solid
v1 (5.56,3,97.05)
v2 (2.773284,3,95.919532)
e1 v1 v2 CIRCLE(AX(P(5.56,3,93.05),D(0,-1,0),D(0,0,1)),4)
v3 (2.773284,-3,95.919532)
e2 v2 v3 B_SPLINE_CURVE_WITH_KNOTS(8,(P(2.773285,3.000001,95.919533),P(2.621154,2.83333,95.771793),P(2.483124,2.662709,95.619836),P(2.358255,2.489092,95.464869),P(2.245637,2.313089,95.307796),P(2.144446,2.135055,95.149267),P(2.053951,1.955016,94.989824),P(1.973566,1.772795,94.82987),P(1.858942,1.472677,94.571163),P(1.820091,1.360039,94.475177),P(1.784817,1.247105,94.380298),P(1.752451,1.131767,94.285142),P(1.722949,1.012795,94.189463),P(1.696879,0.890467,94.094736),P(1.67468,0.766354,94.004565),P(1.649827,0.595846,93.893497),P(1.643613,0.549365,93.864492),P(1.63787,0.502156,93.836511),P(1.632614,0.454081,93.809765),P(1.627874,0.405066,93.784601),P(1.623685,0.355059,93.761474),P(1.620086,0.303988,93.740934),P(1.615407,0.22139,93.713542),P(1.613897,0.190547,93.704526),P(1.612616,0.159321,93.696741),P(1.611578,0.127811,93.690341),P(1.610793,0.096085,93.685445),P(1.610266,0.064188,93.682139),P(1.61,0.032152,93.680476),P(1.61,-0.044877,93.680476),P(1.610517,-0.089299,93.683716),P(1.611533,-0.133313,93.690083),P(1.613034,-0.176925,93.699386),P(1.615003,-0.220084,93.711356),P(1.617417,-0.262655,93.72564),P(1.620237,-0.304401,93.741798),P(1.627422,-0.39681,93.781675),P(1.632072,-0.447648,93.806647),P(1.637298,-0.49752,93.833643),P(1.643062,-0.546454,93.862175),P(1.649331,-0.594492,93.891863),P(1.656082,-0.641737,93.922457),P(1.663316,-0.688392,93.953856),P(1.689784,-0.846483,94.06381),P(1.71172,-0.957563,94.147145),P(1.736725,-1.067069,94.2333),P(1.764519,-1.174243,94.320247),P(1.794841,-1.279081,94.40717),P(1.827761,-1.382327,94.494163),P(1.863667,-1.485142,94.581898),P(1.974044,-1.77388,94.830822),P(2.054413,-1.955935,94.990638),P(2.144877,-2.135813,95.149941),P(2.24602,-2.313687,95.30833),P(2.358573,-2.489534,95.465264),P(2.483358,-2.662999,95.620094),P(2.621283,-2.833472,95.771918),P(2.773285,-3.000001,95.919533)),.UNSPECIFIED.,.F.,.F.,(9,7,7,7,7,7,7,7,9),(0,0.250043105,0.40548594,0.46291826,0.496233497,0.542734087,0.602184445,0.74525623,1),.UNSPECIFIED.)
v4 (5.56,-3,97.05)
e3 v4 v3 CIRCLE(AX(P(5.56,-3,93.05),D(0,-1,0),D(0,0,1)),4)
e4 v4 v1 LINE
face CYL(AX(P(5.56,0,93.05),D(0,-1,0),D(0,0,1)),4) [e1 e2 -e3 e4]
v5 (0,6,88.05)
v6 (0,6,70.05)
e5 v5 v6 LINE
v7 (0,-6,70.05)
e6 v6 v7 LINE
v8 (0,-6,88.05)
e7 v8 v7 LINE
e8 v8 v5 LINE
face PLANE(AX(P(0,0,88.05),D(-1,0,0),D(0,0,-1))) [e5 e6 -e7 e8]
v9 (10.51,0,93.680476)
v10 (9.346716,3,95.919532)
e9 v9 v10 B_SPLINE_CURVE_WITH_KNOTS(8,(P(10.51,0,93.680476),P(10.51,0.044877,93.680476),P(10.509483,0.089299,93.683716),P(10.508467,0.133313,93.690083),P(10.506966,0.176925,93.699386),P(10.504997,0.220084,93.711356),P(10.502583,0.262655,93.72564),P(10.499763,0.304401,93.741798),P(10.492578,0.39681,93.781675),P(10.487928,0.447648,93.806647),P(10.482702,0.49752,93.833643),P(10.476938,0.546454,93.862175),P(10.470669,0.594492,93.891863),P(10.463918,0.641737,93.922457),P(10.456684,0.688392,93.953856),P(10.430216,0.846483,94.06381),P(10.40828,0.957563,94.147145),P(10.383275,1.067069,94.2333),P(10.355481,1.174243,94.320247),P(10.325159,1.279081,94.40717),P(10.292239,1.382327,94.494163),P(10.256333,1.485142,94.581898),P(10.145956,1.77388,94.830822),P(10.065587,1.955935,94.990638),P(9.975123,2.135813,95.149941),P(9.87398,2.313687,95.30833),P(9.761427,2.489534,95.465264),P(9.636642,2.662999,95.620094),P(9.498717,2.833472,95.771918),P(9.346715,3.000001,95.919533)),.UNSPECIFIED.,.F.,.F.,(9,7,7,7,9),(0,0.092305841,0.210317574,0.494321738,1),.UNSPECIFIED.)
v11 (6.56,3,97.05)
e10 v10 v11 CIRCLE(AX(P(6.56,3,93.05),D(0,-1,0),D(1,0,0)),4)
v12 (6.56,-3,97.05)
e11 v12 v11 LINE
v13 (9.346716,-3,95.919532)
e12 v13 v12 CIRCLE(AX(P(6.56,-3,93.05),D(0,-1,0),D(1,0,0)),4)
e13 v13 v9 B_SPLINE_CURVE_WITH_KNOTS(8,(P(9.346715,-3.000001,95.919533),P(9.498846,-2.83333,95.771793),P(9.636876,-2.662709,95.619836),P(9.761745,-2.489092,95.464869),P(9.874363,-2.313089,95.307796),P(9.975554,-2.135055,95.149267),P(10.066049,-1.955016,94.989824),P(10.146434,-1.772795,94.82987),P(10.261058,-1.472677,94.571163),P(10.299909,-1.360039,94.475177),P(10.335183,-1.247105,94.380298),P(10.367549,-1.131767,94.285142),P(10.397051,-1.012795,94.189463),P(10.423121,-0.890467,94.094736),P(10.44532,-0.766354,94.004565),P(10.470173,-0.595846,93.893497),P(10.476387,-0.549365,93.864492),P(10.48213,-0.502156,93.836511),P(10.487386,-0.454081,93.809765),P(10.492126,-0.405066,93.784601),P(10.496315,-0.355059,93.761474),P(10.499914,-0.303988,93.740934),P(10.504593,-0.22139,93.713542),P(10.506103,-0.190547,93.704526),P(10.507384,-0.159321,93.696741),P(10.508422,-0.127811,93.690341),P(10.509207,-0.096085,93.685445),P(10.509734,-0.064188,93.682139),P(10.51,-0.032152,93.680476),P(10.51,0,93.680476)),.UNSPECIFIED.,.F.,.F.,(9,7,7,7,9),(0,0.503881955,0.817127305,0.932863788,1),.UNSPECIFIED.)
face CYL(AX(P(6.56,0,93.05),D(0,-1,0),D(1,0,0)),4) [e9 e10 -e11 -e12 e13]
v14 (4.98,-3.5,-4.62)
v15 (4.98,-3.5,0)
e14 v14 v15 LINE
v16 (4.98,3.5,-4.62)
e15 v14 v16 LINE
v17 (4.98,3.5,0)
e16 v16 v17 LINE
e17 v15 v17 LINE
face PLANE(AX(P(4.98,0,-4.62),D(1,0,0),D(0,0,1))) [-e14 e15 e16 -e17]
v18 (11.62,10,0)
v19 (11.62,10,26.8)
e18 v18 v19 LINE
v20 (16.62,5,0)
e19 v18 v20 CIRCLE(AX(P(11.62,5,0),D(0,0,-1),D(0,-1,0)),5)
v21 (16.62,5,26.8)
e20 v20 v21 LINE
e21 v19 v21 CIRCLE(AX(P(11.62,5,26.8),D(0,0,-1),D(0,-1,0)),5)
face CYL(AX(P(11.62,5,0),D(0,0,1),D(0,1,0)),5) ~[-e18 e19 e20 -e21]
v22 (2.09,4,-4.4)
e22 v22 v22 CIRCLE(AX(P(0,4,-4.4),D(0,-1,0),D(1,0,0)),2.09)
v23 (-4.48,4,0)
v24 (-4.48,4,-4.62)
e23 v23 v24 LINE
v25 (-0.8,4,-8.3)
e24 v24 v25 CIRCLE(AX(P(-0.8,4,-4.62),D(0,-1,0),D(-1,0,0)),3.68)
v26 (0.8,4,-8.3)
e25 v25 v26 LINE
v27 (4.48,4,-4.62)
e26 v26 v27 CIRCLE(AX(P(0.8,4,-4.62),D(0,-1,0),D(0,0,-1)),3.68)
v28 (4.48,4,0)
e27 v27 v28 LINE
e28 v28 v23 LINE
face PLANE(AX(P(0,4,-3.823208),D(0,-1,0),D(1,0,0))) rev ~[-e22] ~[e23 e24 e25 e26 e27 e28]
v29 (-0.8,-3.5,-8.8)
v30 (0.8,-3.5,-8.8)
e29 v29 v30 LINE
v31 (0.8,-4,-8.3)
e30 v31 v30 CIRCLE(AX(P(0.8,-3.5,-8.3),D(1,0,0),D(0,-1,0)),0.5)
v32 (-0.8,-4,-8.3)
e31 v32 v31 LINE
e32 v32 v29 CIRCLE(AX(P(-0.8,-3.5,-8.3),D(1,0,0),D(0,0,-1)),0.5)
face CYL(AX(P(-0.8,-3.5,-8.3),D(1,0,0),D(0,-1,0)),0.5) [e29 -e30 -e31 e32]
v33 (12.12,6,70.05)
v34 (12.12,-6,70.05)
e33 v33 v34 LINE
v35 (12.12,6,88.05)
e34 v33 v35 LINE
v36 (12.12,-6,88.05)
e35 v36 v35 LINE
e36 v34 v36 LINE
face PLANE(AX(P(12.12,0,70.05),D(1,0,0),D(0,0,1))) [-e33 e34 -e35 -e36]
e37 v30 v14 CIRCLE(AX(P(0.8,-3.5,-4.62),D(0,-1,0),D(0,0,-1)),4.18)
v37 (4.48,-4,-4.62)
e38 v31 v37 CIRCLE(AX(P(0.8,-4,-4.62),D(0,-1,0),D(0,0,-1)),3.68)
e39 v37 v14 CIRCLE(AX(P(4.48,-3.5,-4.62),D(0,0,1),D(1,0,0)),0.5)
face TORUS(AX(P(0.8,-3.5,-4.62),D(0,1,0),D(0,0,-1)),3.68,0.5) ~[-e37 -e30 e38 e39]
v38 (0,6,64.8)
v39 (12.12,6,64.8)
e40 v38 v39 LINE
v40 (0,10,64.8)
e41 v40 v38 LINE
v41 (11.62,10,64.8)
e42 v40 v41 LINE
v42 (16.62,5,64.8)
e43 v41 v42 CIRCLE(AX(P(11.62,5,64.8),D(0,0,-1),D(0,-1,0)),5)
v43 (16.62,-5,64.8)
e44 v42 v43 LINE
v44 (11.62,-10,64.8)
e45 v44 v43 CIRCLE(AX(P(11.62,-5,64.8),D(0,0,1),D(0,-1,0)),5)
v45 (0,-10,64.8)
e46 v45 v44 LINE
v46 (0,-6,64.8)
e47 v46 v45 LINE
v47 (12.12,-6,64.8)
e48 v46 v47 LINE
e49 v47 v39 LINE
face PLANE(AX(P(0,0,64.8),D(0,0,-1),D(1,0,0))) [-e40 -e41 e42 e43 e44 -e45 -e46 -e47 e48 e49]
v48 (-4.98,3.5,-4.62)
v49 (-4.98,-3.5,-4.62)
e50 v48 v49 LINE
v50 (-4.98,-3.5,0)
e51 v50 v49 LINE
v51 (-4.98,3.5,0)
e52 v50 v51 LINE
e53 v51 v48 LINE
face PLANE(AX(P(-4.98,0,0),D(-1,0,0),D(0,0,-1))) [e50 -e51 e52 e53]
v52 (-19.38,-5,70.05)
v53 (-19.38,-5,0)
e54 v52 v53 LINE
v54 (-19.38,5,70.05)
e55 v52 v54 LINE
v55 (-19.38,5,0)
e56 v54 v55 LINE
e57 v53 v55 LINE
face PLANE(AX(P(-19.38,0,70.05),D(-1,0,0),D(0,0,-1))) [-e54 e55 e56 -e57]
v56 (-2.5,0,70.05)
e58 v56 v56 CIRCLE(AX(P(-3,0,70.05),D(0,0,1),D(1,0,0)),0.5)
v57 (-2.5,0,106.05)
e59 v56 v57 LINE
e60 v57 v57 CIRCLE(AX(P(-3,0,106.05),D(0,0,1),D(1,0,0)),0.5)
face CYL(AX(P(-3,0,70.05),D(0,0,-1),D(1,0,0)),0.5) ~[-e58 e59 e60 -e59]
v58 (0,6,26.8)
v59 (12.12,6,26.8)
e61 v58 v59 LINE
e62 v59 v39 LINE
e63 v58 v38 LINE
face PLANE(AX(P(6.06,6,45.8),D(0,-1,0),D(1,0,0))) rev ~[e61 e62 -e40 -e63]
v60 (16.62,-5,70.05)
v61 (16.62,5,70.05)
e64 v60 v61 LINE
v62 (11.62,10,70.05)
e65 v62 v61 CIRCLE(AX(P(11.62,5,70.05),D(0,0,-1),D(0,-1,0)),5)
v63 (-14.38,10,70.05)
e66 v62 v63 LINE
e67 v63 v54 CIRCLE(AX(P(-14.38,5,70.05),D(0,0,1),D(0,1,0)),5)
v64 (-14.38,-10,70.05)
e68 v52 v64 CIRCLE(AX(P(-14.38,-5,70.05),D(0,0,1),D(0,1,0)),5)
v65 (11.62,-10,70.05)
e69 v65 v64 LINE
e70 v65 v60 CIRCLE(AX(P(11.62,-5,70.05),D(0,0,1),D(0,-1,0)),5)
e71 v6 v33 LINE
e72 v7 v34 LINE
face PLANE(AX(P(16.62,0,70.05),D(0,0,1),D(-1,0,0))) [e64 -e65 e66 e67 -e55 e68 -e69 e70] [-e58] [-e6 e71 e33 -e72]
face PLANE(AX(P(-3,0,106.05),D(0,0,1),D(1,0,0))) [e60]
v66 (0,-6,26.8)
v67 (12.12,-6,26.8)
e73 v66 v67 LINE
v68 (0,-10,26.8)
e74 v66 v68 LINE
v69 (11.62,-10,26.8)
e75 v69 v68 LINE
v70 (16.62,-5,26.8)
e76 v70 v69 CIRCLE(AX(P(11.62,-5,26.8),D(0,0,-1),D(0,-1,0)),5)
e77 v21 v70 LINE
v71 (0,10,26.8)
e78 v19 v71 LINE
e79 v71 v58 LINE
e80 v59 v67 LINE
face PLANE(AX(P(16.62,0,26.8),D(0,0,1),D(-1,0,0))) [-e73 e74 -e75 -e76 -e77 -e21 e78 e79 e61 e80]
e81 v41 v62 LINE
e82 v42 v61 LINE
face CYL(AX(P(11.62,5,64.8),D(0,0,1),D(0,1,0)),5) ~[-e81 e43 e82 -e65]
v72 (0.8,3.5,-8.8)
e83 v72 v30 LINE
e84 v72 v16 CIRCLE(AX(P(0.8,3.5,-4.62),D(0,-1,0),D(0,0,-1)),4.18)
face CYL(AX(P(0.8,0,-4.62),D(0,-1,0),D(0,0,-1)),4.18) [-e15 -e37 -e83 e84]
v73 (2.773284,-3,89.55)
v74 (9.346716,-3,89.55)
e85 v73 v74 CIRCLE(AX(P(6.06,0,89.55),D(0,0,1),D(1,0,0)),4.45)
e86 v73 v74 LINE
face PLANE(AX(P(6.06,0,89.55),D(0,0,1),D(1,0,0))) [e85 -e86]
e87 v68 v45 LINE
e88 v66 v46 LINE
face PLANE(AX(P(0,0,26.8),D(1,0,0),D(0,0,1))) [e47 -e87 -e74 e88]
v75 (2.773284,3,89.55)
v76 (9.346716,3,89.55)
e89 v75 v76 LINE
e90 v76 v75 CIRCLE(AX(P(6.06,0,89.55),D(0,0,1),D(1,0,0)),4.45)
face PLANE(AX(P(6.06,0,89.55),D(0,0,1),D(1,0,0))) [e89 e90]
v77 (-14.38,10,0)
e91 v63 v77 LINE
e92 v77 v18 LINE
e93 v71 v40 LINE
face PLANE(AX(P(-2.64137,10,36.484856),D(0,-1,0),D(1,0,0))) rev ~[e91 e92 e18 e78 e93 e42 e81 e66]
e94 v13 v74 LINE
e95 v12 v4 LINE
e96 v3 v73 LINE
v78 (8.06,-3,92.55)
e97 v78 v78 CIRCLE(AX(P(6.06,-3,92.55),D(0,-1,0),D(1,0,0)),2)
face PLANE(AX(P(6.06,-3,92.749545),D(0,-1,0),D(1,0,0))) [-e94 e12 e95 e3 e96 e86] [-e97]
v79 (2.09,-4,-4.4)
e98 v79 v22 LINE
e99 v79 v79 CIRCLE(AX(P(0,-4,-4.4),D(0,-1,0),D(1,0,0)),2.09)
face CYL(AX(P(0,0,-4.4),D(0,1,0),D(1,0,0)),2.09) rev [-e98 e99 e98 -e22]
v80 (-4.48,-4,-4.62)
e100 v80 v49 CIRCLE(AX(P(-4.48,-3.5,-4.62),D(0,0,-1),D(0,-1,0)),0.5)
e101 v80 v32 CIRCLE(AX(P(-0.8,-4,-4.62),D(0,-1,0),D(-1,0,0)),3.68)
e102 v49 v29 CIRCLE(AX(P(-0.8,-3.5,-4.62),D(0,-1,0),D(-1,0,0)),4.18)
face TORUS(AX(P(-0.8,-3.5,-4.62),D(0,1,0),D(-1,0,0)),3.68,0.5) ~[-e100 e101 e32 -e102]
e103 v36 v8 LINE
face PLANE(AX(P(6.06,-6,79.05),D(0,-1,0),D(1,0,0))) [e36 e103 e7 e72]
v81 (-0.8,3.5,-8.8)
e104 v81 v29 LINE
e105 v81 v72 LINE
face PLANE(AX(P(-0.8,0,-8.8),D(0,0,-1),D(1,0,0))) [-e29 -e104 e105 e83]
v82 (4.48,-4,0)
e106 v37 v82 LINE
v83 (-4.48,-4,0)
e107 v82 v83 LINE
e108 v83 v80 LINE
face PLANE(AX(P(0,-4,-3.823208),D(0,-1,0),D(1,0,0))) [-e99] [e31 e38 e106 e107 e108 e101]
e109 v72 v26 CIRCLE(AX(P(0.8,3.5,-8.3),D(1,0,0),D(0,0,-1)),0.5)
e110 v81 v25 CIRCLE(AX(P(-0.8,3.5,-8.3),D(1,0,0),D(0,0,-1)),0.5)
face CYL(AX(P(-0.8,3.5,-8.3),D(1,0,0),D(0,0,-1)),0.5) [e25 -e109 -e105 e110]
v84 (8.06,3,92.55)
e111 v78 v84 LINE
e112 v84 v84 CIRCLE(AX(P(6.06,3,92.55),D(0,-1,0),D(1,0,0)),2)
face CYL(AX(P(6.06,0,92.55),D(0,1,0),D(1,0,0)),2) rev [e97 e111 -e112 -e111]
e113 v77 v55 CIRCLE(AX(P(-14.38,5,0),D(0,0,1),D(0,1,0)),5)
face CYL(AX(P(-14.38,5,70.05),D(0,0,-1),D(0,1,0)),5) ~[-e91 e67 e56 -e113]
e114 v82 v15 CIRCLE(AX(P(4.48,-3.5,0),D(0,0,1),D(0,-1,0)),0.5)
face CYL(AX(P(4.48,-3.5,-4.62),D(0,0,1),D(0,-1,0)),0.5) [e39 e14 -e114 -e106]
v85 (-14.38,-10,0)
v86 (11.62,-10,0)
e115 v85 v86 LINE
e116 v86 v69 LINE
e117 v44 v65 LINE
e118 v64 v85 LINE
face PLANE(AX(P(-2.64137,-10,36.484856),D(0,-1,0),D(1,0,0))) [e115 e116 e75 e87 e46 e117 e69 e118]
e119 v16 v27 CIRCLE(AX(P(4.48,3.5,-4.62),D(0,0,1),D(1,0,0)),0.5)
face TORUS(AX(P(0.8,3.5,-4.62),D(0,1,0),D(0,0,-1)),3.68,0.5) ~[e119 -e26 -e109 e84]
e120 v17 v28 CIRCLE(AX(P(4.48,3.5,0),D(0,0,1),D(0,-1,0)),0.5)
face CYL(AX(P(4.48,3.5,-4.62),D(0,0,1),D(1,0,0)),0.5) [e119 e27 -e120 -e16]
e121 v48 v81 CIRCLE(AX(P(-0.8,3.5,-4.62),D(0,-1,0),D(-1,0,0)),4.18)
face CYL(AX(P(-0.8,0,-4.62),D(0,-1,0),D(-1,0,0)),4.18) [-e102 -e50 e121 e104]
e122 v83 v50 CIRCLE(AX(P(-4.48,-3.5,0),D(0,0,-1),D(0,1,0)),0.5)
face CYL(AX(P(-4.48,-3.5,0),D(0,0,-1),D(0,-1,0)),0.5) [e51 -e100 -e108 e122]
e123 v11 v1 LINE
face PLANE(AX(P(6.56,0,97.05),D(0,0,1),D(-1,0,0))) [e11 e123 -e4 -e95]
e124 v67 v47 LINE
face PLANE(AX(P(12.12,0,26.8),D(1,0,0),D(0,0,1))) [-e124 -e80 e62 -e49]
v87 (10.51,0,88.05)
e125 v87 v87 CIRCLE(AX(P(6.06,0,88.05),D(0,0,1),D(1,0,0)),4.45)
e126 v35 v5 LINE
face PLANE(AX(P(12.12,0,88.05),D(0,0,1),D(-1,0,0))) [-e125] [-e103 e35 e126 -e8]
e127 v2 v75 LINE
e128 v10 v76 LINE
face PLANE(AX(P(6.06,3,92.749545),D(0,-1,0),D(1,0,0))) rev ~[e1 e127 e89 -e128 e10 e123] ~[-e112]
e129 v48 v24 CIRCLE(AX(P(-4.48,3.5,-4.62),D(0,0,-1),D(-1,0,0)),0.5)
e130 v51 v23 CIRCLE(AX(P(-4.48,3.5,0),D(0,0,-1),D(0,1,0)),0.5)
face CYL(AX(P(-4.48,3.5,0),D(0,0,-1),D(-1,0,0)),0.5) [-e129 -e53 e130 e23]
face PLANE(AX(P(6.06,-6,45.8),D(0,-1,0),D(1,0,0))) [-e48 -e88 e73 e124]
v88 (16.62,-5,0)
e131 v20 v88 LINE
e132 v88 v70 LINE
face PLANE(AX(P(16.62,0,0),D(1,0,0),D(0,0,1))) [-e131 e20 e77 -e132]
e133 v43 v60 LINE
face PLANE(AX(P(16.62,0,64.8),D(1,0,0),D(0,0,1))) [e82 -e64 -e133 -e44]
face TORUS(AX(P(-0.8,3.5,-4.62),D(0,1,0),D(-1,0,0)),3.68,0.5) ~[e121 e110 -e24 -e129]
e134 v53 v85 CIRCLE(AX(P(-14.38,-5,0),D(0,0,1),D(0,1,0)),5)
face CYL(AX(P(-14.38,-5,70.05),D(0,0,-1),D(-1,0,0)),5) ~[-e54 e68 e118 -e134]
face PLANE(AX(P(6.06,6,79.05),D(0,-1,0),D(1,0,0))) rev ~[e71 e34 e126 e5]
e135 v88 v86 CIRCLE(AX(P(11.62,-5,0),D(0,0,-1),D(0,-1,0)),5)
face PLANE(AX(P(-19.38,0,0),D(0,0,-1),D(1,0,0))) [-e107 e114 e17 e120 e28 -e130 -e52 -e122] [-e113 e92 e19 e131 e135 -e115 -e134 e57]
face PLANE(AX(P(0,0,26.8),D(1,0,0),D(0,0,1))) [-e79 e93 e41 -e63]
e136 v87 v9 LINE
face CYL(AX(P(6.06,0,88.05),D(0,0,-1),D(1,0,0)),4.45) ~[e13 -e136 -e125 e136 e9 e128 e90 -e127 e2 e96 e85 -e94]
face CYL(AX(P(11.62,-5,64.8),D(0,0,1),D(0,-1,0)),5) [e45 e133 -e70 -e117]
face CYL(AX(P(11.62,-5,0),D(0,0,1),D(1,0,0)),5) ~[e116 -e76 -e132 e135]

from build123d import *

# Parameters (mm, degrees)
F1_DEPTH  = 10
F0_R      = 2.09
F2_DEPTH  = 4
F3_DEPTH  = 6
F0_W      = 12.12
F0_H      = 38
F4_DEPTH  = 6
F6_R      = 0.5
F7_DEPTH  = 36
F8_R      = 5
F10_R     = 4.45
F11_DEPTH = 1.5
F0_R_2    = 2
F12_DEPTH = 3
F13_DEPTH = 25
F14_R     = 0.5


with BuildPart() as f1:
    # F0 (on Front) → F1 (new body, symmetric)
    with BuildSketch(Plane.XZ):
        Polygon((-19.38, 0), (-4.98, 0), (0, 0), (4.98, 0), (16.62, 0), (16.62, 26.8), (12.12, 26.8), (0, 26.8), (0, 64.8), (12.12, 64.8), (16.62, 64.8), (16.62, 70.05), (12.12, 70.05), (0, 70.05), (-3, 70.05), (-19.38, 70.05), align=None)
    extrude(amount=F1_DEPTH, both=True)

    # F0 (on Front) → F2 (join, symmetric)
    with BuildSketch(Plane.XZ):
        with BuildLine():
            Line((0, 0), (-4.98, 0))
            Line((-4.98, 0), (-4.98, -4.62))
            ThreePointArc((-4.98, -4.62), (-3.7557063454, -7.5757063454), (-0.8, -8.8))
            Line((-0.8, -8.8), (0.8, -8.8))
            ThreePointArc((0.8, -8.8), (3.7557063454, -7.5757063454), (4.98, -4.62))
            Line((4.98, -4.62), (4.98, 0))
            Line((4.98, 0), (0, 0))
        make_face()
        with Locations((0, -4.4)):
            Circle(F0_R, mode=Mode.SUBTRACT)
    extrude(amount=F2_DEPTH, both=True)

    # F0 (on Front) → F3 (join, symmetric)
    with BuildSketch(Plane.XZ):
        Polygon((0, 88.05), (0, 70.05), (12.12, 70.05), (12.12, 88.05), (10.56, 88.05), (1.56, 88.05), align=None)
    extrude(amount=F3_DEPTH, both=True)

    # F0 (on Front) → F4 (join, symmetric)
    with BuildSketch(Plane.XZ):
        with Locations((6.06, 45.8)):
            Rectangle(F0_W, F0_H)
    extrude(amount=F4_DEPTH, both=True)

    # F6 (on plane+point) → F7 (join)
    with BuildSketch(Plane.XY.offset(70.05)):
        with Locations((-3, 0)):
            Circle(F6_R)
    extrude(amount=F7_DEPTH)

    # F8
    f8_edges = [f1.edges().sort_by_distance(p)[0] for p in [
        (-19.38, 10, 35.025),
        (-19.38, -10, 35.025),
        (16.62, 10, 13.4),
        (16.62, -10, 13.4),
        (16.62, 10, 67.425),
        (16.62, -10, 67.425),
    ]]
    fillet(f8_edges, radius=F8_R)

    # F10 (on offset) → F11 (join)
    with BuildSketch(Plane.XY.offset(88.05)):
        with Locations((6.06, 0)):
            Circle(F10_R)
    extrude(amount=F11_DEPTH)

    # F0 (on Front) → F12 (join, symmetric)
    with BuildSketch(Plane.XZ):
        with BuildLine():
            Line((1.56, 93.05), (1.56, 89.55))
            Line((1.56, 89.55), (10.56, 89.55))
            Line((10.56, 89.55), (10.56, 93.05))
            ThreePointArc((10.56, 93.05), (9.3884271247, 95.8784271247), (6.56, 97.05))
            Line((6.56, 97.05), (5.56, 97.05))
            ThreePointArc((5.56, 97.05), (2.7315728753, 95.8784271247), (1.56, 93.05))
        make_face()
        with Locations((6.06, 92.55)):
            Circle(F0_R_2, mode=Mode.SUBTRACT)
    extrude(amount=F12_DEPTH, both=True)

    # F13 (cut): a face of the model
    f13_faces = [f1.faces().sort_by_distance(p)[0] for p in [
        (0.1705562664, 0, 88.05),
    ]]
    extrude(f13_faces, amount=F13_DEPTH, mode=Mode.SUBTRACT)

    # F14
    f14_edges = [f1.edges().sort_by_distance(p)[0] for p in [
        (4.98, -4, -2.31),
        (4.98, 4, -2.31),
        (-4.98, -4, -2.31),
        (-4.98, 4, -2.31),
    ]]
    fillet(f14_edges, radius=F14_R)


solid = f1.part
